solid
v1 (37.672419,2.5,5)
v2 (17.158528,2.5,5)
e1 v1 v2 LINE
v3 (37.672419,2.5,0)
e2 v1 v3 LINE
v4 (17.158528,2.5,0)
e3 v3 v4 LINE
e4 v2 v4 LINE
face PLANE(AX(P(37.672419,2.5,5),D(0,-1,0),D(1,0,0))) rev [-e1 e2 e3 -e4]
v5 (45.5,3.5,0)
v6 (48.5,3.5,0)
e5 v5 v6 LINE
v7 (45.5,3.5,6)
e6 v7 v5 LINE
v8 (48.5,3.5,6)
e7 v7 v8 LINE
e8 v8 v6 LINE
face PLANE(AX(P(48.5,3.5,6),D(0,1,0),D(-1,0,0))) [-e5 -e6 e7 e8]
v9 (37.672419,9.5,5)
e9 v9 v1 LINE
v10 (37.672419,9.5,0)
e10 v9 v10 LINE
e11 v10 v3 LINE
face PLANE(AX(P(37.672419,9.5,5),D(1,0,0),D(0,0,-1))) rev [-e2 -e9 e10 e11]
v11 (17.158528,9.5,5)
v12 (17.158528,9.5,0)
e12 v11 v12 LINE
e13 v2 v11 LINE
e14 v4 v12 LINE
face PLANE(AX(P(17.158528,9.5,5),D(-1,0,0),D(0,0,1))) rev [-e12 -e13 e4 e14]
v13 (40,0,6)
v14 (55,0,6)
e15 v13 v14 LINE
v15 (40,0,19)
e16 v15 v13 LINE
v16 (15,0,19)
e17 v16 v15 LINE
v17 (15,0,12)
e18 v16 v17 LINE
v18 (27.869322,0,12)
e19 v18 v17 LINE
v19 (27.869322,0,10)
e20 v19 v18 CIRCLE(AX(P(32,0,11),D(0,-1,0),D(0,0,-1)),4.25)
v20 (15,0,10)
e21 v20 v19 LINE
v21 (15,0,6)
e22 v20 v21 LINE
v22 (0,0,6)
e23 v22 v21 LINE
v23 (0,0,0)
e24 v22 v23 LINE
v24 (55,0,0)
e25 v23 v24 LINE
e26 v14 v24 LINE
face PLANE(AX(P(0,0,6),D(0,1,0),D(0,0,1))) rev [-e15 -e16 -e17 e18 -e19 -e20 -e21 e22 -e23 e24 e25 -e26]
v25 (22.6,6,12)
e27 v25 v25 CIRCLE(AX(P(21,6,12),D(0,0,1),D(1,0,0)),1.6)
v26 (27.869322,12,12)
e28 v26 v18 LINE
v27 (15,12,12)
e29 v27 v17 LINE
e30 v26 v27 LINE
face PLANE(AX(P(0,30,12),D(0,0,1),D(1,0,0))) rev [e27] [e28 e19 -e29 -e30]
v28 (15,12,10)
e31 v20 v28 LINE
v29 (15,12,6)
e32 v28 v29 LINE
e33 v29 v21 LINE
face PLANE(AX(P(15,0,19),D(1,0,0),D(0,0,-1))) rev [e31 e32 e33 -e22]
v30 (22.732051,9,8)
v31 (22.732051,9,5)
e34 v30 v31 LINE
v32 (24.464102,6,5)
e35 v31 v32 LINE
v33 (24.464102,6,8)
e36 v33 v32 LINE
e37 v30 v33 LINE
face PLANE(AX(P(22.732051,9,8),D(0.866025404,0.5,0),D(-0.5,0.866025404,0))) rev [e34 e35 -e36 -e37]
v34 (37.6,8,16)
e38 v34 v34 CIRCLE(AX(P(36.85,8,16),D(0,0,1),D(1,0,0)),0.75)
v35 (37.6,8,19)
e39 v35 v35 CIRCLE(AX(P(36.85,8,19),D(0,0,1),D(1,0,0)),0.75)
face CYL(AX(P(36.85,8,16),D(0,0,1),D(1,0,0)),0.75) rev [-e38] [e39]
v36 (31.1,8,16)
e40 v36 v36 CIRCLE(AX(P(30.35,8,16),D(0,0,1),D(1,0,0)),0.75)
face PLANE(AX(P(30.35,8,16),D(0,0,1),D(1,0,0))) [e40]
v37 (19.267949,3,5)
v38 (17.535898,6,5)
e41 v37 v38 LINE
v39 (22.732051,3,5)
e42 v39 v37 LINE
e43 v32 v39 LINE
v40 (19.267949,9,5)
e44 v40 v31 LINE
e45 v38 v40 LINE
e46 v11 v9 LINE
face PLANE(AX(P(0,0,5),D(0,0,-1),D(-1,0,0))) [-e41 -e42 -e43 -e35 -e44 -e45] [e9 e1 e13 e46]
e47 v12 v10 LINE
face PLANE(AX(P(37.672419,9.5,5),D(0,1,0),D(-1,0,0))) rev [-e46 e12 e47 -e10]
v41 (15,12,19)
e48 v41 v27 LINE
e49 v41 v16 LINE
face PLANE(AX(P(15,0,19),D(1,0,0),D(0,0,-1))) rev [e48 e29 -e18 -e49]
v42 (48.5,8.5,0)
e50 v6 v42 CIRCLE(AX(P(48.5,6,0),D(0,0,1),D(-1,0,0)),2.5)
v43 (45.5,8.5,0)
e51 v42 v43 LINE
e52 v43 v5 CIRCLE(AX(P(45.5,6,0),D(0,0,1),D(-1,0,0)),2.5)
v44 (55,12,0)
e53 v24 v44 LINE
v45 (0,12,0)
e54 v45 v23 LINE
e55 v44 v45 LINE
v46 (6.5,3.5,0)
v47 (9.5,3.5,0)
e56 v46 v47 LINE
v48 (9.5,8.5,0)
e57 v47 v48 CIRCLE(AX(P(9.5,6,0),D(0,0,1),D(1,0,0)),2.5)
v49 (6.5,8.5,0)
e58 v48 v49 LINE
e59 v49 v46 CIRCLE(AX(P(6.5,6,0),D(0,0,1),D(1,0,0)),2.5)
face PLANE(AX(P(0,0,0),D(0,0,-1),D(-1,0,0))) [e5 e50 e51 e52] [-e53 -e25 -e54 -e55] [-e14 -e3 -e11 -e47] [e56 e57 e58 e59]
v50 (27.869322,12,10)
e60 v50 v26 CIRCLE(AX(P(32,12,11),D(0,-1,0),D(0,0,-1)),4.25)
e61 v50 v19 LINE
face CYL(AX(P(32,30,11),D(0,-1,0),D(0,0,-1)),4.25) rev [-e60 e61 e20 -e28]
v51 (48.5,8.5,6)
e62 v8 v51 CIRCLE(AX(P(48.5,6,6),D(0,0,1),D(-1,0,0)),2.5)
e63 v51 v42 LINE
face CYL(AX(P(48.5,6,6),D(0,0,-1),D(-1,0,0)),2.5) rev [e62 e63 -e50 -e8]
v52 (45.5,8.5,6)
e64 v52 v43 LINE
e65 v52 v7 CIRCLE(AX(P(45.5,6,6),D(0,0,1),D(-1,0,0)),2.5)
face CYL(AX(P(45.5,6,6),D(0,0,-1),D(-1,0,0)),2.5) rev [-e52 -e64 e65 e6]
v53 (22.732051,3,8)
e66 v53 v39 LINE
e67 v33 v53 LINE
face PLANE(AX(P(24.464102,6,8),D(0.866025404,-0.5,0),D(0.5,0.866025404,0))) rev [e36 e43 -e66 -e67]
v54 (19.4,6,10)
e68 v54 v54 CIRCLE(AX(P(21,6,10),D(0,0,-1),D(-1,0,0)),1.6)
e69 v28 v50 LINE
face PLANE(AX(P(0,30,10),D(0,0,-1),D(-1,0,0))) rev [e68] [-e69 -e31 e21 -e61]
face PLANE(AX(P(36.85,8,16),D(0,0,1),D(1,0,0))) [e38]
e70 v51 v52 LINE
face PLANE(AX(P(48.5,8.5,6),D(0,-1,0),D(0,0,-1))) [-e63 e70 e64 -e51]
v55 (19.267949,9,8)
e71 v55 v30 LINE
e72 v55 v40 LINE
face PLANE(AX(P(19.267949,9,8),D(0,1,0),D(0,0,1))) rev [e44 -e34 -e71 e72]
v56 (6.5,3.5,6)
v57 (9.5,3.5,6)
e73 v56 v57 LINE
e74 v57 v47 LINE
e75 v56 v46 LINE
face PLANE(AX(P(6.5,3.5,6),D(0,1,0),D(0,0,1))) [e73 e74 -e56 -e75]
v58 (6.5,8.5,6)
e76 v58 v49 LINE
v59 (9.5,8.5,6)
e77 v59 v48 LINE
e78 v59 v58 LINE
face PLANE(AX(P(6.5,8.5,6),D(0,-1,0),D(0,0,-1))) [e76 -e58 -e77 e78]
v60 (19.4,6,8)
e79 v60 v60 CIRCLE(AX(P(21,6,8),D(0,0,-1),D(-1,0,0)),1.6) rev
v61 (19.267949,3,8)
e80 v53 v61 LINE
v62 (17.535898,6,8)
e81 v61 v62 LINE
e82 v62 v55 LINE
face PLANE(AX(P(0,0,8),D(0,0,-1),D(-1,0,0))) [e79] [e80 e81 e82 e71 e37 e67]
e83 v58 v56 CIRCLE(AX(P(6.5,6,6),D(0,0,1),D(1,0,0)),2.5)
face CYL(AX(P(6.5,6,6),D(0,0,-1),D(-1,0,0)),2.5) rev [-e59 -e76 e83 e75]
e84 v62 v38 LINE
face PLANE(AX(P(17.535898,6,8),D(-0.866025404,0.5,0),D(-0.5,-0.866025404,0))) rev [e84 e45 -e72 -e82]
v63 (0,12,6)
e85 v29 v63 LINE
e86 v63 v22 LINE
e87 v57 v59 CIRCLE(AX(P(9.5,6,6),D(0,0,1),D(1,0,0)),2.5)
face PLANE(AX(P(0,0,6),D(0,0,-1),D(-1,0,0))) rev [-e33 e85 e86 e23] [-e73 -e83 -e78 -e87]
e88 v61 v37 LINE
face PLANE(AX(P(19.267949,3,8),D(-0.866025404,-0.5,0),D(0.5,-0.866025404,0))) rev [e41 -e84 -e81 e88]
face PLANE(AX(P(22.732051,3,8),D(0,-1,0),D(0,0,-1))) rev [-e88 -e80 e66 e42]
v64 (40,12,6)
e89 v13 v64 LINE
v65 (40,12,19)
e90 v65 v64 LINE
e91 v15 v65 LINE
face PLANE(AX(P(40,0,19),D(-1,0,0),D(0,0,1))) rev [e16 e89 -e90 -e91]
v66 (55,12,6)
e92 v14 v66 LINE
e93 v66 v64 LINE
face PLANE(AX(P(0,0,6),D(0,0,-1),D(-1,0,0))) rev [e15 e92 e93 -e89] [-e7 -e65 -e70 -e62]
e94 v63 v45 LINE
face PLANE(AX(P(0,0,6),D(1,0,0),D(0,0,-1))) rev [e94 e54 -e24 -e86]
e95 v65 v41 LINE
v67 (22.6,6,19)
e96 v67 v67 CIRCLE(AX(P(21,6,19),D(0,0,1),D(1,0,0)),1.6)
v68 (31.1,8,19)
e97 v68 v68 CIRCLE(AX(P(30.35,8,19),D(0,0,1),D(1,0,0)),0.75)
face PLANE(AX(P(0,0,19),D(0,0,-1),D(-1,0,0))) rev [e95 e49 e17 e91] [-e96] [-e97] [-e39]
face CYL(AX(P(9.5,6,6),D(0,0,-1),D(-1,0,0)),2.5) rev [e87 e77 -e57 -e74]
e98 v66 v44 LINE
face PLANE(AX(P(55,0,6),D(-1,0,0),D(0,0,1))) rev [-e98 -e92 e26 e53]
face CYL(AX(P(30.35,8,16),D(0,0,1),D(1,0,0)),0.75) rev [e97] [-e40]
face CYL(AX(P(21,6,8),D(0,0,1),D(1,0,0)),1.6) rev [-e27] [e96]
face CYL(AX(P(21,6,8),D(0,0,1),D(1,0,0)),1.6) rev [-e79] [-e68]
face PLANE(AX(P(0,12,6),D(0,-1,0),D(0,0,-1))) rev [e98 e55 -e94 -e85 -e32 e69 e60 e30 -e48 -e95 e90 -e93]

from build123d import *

# Parameters (mm, degrees)
SKETCH2_W           = 55
SKETCH2_H           = 12
BOSS_EXTRUDE1_DEPTH = 6
SKETCH3_W           = 25
SKETCH3_H           = 12
BOSS_EXTRUDE2_DEPTH = 13
SKETCH4_R           = 4.25
CUT_EXTRUDE2_DEPTH  = 30
SKETCH5_W           = 20.513890507
SKETCH5_H           = 7
CUT_EXTRUDE3_DEPTH  = 5
SKETCH6_R           = 1.6
CUT_EXTRUDE4_DEPTH  = 11
CUT_EXTRUDE5_DEPTH  = 3
SKETCH8_R           = 0.75
CUT_EXTRUDE6_DEPTH  = 3


with BuildPart() as part:
    # Sketch2 → Boss-Extrude1 (new body)
    with BuildSketch(Plane.XY):
        with Locations((27.5, 6)):
            Rectangle(SKETCH2_W, SKETCH2_H)
        with BuildLine():
            Line((6.5, 8.5), (9.5, 8.5))
            ThreePointArc((9.5, 8.5), (12, 6), (9.5, 3.5))
            Line((9.5, 3.5), (6.5, 3.5))
            ThreePointArc((6.5, 3.5), (4, 6), (6.5, 8.5))
        make_face(mode=Mode.SUBTRACT)
        with BuildLine():
            Line((48.5, 8.5), (45.5, 8.5))
            ThreePointArc((45.5, 8.5), (43, 6), (45.5, 3.5))
            Line((45.5, 3.5), (48.5, 3.5))
            ThreePointArc((48.5, 3.5), (51, 6), (48.5, 8.5))
        make_face(mode=Mode.SUBTRACT)
    extrude(amount=BOSS_EXTRUDE1_DEPTH)

    # Sketch3 → Boss-Extrude2 (add)
    with BuildSketch(Plane.XY.offset(6)):
        with Locations((27.5, 6)):
            Rectangle(SKETCH3_W, SKETCH3_H)
    extrude(amount=BOSS_EXTRUDE2_DEPTH)

    # Sketch4 → Cut-Extrude2 (cut)
    with BuildSketch(Plane.XZ):
        with BuildLine():
            ThreePointArc((27.86932209, 10), (27.75, 11), (27.86932209, 12))
            Line((27.86932209, 12), (15, 12))
            Line((15, 12), (15, 10))
            Line((15, 10), (27.86932209, 10))
        make_face()
        with Locations((32, 11)):
            Circle(SKETCH4_R)
    extrude(amount=-CUT_EXTRUDE2_DEPTH, mode=Mode.SUBTRACT)

    # Sketch5 → Cut-Extrude3 (cut)
    with BuildSketch(Plane(origin=(0, 0, 0), x_dir=(-1, 0, 0), z_dir=(0, 0, -1))):
        with Locations((-27.415473723, 6)):
            Rectangle(SKETCH5_W, SKETCH5_H)
    extrude(amount=-CUT_EXTRUDE3_DEPTH, mode=Mode.SUBTRACT)

    # Sketch6 → Cut-Extrude4 (cut)
    with BuildSketch(Plane.XY.offset(19)):
        with Locations((21, 6)):
            Circle(SKETCH6_R)
    extrude(amount=-CUT_EXTRUDE4_DEPTH, mode=Mode.SUBTRACT)

    # Sketch7 → Cut-Extrude5 (cut)
    with BuildSketch(Plane(origin=(0, 0, 5), x_dir=(-1, 0, 0), z_dir=(0, 0, -1))):
        Polygon((-17.535898385, 6), (-19.267949192, 9), (-22.732050808, 9), (-24.464101615, 6), (-22.732050808, 3), (-19.267949192, 3), align=None)
    extrude(amount=-CUT_EXTRUDE5_DEPTH, mode=Mode.SUBTRACT)

    # Sketch8 → Cut-Extrude6 (cut)
    with BuildSketch(Plane.XY.offset(19)):
        with Locations((36.85, 8)):
            Circle(SKETCH8_R)
        with Locations((30.35, 8)):
            Circle(SKETCH8_R)
    extrude(amount=-CUT_EXTRUDE6_DEPTH, mode=Mode.SUBTRACT)


solid = part.part
